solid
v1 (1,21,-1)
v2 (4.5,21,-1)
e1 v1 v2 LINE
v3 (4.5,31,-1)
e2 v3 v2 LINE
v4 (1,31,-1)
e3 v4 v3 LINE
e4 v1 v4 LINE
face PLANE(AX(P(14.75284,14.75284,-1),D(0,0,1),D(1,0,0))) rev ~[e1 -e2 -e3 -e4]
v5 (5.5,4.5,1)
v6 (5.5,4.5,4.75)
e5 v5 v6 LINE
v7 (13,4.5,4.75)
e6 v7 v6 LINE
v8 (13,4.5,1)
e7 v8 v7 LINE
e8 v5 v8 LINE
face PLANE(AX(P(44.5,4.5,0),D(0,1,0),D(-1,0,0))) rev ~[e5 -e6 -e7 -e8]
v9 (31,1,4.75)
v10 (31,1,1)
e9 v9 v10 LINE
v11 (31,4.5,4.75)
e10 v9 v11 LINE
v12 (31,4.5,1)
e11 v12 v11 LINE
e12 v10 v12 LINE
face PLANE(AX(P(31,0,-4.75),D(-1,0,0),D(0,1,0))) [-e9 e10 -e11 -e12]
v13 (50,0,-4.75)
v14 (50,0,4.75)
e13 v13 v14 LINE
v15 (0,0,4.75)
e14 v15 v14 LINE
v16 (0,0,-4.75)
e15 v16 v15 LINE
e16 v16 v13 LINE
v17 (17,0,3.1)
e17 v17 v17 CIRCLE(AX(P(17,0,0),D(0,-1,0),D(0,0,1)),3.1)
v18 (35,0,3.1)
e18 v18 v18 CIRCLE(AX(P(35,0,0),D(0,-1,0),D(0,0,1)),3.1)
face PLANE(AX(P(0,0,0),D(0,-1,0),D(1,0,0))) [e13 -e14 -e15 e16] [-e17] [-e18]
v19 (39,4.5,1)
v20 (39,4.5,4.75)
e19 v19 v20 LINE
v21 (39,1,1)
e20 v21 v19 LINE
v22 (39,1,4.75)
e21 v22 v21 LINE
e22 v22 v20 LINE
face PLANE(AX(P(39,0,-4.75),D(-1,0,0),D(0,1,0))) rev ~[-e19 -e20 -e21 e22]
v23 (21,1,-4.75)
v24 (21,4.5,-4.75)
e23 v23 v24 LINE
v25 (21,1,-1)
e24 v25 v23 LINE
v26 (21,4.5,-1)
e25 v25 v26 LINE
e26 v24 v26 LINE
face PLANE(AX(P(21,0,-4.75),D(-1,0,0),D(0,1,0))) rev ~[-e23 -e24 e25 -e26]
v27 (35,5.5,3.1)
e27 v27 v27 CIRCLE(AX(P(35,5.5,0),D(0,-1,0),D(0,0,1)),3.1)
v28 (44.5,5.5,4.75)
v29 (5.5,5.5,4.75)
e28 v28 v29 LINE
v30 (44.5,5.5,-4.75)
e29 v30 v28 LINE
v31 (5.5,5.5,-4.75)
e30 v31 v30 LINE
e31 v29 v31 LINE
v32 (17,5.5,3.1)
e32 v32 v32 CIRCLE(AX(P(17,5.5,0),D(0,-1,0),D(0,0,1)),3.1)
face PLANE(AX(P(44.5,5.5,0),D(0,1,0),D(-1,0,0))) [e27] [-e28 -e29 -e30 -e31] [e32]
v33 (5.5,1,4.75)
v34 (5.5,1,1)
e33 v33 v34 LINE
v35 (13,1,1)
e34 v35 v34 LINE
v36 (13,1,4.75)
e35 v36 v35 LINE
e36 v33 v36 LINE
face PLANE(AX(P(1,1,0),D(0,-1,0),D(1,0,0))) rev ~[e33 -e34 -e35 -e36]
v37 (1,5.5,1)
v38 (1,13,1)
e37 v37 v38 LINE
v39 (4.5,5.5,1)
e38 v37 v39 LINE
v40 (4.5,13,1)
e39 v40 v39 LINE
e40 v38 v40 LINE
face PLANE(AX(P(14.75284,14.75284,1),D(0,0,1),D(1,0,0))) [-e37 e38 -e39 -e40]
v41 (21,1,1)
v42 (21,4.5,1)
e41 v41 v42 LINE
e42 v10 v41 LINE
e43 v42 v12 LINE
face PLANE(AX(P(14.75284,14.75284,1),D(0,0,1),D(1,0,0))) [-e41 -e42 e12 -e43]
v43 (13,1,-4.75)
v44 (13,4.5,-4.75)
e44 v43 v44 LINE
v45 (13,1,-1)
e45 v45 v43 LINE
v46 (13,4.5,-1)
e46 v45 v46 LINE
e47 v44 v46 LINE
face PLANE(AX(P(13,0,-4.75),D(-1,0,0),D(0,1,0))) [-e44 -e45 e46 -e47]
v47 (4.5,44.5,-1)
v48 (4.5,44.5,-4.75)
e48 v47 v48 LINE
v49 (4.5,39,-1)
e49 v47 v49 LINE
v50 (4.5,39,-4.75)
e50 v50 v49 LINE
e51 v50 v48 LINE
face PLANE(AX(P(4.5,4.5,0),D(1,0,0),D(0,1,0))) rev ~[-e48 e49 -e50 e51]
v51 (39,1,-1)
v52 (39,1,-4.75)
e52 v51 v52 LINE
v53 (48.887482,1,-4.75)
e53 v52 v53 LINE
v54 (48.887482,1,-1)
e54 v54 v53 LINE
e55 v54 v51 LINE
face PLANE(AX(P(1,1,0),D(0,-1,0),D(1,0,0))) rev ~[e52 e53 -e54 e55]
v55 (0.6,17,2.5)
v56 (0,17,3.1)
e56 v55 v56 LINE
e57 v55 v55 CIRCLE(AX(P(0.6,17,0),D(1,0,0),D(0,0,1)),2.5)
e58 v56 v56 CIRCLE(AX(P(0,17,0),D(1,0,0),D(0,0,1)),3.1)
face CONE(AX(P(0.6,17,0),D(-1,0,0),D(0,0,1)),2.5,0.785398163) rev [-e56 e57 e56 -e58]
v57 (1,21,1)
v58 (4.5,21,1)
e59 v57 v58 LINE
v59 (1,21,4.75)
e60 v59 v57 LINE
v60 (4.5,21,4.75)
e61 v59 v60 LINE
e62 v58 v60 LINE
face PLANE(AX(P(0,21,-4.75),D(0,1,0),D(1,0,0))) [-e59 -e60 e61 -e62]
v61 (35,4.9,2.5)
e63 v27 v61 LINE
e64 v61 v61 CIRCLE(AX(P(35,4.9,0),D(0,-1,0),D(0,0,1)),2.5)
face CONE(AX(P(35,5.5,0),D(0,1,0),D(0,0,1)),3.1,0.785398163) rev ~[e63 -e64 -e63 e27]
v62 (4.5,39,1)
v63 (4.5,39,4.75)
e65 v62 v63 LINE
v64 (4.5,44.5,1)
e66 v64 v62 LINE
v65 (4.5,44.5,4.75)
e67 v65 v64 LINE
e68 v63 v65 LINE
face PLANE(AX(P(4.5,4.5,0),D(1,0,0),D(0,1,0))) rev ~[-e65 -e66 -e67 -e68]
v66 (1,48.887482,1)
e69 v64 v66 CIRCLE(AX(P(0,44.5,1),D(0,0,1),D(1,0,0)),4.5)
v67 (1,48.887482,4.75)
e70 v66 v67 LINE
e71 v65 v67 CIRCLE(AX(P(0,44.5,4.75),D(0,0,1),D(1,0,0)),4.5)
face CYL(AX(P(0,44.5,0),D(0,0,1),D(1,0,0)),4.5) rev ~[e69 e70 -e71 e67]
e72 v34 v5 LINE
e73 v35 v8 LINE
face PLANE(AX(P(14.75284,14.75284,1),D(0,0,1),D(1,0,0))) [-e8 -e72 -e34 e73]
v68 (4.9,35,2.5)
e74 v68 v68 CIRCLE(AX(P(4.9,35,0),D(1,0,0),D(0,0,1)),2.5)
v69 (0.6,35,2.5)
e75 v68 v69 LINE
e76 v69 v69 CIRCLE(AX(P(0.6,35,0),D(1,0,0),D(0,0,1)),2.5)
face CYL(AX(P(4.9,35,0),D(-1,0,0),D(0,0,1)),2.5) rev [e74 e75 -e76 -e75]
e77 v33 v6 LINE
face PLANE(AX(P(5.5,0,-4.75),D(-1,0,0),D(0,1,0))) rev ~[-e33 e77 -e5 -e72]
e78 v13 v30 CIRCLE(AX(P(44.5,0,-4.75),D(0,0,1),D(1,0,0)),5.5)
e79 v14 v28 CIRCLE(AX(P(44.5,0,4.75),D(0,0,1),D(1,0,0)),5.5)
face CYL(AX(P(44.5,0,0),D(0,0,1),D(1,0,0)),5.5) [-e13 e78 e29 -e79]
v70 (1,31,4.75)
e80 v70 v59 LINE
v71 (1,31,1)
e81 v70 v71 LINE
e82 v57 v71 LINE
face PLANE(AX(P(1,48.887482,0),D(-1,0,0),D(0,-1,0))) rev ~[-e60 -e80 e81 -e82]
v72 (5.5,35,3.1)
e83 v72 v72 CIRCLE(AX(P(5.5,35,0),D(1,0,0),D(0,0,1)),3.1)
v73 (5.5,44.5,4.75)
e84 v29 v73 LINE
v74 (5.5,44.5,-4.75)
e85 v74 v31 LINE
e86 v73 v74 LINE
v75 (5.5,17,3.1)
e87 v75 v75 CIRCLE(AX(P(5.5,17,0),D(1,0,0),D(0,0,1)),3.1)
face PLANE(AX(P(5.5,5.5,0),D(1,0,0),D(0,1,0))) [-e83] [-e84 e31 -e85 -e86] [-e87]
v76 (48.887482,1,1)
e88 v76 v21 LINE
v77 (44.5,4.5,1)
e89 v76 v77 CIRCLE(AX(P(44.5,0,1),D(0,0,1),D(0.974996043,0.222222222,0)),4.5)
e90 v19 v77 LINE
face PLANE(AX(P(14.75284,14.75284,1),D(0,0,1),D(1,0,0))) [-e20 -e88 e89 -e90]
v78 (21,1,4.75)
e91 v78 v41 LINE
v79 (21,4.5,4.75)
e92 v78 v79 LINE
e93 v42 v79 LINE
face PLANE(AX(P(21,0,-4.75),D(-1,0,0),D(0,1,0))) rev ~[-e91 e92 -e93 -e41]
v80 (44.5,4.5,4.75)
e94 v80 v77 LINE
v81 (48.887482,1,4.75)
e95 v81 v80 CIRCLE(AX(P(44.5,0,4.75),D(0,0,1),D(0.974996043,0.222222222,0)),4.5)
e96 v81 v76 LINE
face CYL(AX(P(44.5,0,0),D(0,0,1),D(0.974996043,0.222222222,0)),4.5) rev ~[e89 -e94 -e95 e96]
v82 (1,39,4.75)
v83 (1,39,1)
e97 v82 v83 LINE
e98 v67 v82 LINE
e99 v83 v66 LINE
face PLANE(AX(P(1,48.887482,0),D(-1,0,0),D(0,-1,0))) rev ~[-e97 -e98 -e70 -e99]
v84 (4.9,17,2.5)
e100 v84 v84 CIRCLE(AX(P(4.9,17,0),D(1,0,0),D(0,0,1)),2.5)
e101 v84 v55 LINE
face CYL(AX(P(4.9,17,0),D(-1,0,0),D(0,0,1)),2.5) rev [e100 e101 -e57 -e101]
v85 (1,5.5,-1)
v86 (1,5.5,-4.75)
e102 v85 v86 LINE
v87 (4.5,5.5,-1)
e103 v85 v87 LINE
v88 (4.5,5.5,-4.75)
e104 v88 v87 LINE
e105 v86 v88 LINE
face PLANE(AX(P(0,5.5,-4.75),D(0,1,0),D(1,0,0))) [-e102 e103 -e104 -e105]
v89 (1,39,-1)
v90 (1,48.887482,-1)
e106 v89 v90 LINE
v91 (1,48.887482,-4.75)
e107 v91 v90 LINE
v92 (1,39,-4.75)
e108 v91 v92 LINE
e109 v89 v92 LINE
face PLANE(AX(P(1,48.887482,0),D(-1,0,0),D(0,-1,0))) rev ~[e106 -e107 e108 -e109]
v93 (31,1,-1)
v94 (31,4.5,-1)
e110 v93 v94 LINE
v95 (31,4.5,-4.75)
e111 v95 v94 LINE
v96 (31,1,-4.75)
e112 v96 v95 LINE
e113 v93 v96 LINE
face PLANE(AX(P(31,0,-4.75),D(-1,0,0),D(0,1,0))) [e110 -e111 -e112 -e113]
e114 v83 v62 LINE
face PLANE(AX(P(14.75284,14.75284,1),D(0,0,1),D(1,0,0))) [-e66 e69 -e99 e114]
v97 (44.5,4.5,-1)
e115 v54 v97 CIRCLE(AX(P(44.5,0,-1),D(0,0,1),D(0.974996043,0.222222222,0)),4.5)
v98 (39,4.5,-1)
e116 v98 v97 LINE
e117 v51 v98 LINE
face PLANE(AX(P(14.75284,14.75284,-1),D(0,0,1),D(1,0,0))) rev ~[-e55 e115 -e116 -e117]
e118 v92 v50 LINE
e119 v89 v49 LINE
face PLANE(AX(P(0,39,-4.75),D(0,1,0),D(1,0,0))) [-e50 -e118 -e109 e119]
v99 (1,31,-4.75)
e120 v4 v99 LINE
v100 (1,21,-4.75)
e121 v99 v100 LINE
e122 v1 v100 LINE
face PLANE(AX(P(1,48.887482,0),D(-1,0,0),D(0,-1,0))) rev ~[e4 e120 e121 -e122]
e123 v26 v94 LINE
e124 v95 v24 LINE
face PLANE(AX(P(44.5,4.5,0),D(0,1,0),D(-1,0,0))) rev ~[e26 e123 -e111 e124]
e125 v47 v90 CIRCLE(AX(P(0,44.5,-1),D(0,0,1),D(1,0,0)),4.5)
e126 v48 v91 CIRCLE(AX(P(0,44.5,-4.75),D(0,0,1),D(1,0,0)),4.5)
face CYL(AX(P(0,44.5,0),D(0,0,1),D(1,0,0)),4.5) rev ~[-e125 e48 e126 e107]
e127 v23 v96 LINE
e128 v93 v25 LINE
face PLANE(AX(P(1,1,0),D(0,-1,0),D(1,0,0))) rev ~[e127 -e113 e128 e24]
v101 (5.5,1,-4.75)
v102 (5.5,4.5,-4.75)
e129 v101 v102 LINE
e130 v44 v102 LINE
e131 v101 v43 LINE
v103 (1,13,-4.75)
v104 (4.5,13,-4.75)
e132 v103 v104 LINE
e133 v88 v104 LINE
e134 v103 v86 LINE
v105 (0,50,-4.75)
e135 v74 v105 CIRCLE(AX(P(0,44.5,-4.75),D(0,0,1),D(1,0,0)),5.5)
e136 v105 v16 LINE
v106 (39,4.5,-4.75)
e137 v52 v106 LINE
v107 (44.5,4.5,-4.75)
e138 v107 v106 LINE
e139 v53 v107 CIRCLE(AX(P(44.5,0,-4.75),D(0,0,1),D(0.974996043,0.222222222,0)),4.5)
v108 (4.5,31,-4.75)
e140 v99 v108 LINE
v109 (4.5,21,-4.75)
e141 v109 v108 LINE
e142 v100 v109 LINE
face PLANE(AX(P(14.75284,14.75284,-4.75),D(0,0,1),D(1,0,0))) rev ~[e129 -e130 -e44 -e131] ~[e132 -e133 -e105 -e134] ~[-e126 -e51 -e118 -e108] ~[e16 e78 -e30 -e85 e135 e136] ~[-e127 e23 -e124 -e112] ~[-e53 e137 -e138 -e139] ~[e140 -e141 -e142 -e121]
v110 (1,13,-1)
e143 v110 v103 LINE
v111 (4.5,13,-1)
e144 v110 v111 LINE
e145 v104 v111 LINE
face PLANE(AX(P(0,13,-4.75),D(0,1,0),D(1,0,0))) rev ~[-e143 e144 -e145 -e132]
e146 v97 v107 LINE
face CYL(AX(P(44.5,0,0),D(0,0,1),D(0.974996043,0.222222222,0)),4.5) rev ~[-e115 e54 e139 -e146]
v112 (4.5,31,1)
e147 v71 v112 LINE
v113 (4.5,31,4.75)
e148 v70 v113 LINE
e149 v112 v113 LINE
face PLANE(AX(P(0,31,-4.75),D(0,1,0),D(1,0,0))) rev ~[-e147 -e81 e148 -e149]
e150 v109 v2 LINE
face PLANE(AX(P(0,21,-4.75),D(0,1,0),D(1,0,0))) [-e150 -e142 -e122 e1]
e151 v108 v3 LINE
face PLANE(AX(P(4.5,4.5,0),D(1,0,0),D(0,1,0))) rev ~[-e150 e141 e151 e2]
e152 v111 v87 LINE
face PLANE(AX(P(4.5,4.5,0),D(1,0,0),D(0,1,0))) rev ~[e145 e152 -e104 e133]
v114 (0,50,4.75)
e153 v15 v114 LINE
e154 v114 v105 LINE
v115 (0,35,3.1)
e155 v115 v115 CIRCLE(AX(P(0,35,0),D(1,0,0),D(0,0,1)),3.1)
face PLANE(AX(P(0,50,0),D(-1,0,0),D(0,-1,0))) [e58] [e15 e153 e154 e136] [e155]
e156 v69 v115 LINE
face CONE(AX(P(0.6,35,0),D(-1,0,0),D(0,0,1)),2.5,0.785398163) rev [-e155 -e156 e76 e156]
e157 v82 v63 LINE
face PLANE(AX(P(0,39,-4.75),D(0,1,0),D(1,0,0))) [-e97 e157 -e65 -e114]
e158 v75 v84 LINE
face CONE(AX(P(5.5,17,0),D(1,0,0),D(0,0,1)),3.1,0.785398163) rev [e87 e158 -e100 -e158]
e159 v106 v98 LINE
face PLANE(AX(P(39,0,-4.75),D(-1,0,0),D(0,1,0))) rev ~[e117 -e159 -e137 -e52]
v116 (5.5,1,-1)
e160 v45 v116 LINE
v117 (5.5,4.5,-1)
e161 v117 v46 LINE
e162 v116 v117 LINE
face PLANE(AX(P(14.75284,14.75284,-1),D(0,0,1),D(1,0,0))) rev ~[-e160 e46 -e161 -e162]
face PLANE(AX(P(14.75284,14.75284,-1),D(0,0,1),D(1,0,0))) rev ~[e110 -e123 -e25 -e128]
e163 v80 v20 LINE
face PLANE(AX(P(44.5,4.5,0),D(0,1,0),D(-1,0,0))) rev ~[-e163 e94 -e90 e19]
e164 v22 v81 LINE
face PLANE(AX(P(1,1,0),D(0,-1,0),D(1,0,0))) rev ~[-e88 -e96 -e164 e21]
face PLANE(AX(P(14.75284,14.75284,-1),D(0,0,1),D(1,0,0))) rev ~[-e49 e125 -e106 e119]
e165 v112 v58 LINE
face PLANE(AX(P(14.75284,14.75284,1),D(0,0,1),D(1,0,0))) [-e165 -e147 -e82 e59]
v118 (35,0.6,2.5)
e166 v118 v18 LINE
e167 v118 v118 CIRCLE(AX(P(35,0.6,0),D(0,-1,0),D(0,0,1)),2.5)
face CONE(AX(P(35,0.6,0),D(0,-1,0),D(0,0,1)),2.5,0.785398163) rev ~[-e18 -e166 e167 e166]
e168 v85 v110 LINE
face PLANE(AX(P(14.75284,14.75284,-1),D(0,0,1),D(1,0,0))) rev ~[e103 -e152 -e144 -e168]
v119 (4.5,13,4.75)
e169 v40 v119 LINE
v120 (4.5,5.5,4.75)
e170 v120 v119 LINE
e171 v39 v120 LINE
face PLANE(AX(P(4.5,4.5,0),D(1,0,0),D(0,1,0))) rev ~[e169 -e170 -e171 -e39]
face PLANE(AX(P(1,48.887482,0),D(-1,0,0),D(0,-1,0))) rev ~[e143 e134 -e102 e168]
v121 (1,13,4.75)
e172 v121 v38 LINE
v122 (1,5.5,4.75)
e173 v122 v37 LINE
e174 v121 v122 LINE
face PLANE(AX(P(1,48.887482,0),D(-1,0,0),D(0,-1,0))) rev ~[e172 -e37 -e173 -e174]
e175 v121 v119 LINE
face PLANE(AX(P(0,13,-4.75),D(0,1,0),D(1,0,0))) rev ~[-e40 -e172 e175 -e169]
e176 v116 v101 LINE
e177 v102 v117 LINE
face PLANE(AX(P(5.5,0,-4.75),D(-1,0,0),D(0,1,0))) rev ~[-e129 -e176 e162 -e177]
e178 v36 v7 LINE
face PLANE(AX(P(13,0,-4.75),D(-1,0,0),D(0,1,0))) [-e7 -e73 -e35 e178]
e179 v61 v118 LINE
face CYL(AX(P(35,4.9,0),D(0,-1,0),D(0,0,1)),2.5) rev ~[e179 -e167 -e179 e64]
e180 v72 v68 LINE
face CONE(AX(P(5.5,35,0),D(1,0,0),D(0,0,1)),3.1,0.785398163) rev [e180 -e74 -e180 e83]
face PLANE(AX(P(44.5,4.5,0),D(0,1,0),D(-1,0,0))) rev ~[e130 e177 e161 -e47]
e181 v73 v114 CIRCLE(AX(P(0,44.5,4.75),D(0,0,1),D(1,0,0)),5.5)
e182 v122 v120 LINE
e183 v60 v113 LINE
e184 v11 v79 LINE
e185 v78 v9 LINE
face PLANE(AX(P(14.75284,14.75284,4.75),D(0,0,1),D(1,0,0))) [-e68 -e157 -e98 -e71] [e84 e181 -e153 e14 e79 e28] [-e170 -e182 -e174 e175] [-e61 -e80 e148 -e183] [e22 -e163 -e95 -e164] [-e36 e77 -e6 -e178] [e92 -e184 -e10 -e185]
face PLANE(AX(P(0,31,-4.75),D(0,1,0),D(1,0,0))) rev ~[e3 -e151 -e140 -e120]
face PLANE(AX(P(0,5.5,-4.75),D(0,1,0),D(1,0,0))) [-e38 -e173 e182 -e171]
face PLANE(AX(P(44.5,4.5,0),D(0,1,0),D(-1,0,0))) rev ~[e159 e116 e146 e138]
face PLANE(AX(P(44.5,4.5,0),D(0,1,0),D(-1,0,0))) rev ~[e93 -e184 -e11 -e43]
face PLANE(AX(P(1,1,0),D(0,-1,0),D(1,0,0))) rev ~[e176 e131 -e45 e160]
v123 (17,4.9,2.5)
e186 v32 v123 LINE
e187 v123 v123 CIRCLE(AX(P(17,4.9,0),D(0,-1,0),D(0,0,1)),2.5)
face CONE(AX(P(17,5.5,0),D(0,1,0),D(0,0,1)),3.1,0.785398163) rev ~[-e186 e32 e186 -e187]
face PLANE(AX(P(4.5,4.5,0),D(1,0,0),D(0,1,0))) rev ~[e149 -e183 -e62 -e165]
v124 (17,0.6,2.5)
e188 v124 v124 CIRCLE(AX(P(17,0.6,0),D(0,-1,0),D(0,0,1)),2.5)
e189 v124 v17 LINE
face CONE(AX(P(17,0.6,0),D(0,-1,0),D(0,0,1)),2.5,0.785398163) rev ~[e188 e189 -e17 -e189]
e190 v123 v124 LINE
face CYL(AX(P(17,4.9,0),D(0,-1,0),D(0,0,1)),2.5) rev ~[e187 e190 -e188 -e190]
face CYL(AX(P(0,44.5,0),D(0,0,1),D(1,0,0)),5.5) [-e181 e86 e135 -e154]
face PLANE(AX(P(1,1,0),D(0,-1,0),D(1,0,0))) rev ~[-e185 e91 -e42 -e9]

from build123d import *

# Parameters (mm, degrees)
EXTRUDE_1_DEPTH            = 4.75
EXTRUDE_START              = -4.75
SKETCH_2_W                 = 5.5
SKETCH_2_H                 = 5.5
SKETCH_2_H_2               = 8
SKETCH_2_W_2               = 8
EXTRUDE_2_DEPTH            = 9.5
EXTRUDE_3_DEPTH            = 1
HOLE_WIZARD_M61_AT_2_COUNT = 2
HOLE_WIZARD_M61_AT_2_PITCH = 18


with BuildPart() as part:
    # Эскиз1 → Бобышка-Вытянуть1 (new body, symmetric)
    with BuildSketch(Plane.XY):
        with BuildLine():
            Line((0, 50), (0, 0))
            Line((0, 0), (50, 0))
            ThreePointArc((50, 0), (48.389087297, 3.889087297), (44.5, 5.5))
            Line((44.5, 5.5), (5.5, 5.5))
            Line((5.5, 5.5), (5.5, 44.5))
            ThreePointArc((5.5, 44.5), (3.889087297, 48.389087297), (0, 50))
        make_face()
        with BuildLine():
            Line((1, 48.887482194), (1, 1))
            Line((1, 1), (48.887482194, 1))
            ThreePointArc((48.887482194, 1), (47.30624304, 3.51781182), (44.5, 4.5))
            Line((44.5, 4.5), (4.5, 4.5))
            Line((4.5, 4.5), (4.5, 44.5))
            ThreePointArc((4.5, 44.5), (3.51781182, 47.30624304), (1, 48.887482194))
        make_face(mode=Mode.SUBTRACT)
    extrude(amount=EXTRUDE_1_DEPTH, both=True)

    # Эскиз2 → Бобышка-Вытянуть2 (add)
    with BuildSketch(Plane.XY.offset(EXTRUDE_START)):
        with Locations((2.75, 2.75)):
            Rectangle(SKETCH_2_W, SKETCH_2_H)
        with Locations((2.75, 35)):
            Rectangle(SKETCH_2_W, SKETCH_2_H_2)
        with Locations((2.75, 17)):
            Rectangle(SKETCH_2_W, SKETCH_2_H_2)
        with Locations((17, 2.75)):
            Rectangle(SKETCH_2_W_2, SKETCH_2_H)
        with Locations((35, 2.75)):
            Rectangle(SKETCH_2_W_2, SKETCH_2_H)
    extrude(amount=EXTRUDE_2_DEPTH)

    # Эскиз3 → Бобышка-Вытянуть3 (add, symmetric)
    with BuildSketch(Plane.XY):
        with BuildLine():
            Line((0, 0), (50, 0))
            ThreePointArc((50, 0), (48.389087297, 3.889087297), (44.5, 5.5))
            Line((44.5, 5.5), (5.5, 5.5))
            Line((5.5, 5.5), (5.5, 44.5))
            ThreePointArc((5.5, 44.5), (3.889087297, 48.389087297), (0, 50))
            Line((0, 50), (0, 0))
        make_face()
    extrude(amount=EXTRUDE_3_DEPTH, both=True)

    # Эскиз5 → Отверстие обработанное метчиком M61 (revolve, cut)
    with BuildSketch(Plane.ZX.offset(35)):
        Polygon((0, 0), (0, 5.5), (3.1, 5.5), (2.5, 4.9), (2.5, 0.6), (3.1, 0), align=None)
    hole_wizard_m61 = revolve(axis=Axis((-6.35, 35, 0), (1, 0, 0)), mode=Mode.SUBTRACT)

    # Отверстие обработанное метчиком M61 at 2: Отверстие обработанное метчиком M61 ×2
    with Locations(*[(0, -i * HOLE_WIZARD_M61_AT_2_PITCH, 0) for i in range(1, HOLE_WIZARD_M61_AT_2_COUNT)]):
        add(hole_wizard_m61, mode=Mode.SUBTRACT)

    # Зеркальное отражение1: Отверстие обработанное метчиком M61 across plane
    add(hole_wizard_m61.mirror(Plane(origin=(0, 0, 0), x_dir=(0, 0, 1), z_dir=(-0.707106781, 0.707106781, 0))), mode=Mode.SUBTRACT)

    # Зеркальное отражение1 copy 1 sketch → Зеркальное отражение1 copy 1 (revolve, cut)
    with BuildSketch(Plane(origin=(17, 0, 0), x_dir=(0, 0, 1), z_dir=(1, 0, 0))):
        Polygon((0, 0), (0, -5.5), (3.1, -5.5), (2.5, -4.9), (2.5, -0.6), (3.1, 0), align=None)
    revolve(axis=Axis((17, -6.35, 0), (0, -1, 0)), mode=Mode.SUBTRACT)


solid = part.part
